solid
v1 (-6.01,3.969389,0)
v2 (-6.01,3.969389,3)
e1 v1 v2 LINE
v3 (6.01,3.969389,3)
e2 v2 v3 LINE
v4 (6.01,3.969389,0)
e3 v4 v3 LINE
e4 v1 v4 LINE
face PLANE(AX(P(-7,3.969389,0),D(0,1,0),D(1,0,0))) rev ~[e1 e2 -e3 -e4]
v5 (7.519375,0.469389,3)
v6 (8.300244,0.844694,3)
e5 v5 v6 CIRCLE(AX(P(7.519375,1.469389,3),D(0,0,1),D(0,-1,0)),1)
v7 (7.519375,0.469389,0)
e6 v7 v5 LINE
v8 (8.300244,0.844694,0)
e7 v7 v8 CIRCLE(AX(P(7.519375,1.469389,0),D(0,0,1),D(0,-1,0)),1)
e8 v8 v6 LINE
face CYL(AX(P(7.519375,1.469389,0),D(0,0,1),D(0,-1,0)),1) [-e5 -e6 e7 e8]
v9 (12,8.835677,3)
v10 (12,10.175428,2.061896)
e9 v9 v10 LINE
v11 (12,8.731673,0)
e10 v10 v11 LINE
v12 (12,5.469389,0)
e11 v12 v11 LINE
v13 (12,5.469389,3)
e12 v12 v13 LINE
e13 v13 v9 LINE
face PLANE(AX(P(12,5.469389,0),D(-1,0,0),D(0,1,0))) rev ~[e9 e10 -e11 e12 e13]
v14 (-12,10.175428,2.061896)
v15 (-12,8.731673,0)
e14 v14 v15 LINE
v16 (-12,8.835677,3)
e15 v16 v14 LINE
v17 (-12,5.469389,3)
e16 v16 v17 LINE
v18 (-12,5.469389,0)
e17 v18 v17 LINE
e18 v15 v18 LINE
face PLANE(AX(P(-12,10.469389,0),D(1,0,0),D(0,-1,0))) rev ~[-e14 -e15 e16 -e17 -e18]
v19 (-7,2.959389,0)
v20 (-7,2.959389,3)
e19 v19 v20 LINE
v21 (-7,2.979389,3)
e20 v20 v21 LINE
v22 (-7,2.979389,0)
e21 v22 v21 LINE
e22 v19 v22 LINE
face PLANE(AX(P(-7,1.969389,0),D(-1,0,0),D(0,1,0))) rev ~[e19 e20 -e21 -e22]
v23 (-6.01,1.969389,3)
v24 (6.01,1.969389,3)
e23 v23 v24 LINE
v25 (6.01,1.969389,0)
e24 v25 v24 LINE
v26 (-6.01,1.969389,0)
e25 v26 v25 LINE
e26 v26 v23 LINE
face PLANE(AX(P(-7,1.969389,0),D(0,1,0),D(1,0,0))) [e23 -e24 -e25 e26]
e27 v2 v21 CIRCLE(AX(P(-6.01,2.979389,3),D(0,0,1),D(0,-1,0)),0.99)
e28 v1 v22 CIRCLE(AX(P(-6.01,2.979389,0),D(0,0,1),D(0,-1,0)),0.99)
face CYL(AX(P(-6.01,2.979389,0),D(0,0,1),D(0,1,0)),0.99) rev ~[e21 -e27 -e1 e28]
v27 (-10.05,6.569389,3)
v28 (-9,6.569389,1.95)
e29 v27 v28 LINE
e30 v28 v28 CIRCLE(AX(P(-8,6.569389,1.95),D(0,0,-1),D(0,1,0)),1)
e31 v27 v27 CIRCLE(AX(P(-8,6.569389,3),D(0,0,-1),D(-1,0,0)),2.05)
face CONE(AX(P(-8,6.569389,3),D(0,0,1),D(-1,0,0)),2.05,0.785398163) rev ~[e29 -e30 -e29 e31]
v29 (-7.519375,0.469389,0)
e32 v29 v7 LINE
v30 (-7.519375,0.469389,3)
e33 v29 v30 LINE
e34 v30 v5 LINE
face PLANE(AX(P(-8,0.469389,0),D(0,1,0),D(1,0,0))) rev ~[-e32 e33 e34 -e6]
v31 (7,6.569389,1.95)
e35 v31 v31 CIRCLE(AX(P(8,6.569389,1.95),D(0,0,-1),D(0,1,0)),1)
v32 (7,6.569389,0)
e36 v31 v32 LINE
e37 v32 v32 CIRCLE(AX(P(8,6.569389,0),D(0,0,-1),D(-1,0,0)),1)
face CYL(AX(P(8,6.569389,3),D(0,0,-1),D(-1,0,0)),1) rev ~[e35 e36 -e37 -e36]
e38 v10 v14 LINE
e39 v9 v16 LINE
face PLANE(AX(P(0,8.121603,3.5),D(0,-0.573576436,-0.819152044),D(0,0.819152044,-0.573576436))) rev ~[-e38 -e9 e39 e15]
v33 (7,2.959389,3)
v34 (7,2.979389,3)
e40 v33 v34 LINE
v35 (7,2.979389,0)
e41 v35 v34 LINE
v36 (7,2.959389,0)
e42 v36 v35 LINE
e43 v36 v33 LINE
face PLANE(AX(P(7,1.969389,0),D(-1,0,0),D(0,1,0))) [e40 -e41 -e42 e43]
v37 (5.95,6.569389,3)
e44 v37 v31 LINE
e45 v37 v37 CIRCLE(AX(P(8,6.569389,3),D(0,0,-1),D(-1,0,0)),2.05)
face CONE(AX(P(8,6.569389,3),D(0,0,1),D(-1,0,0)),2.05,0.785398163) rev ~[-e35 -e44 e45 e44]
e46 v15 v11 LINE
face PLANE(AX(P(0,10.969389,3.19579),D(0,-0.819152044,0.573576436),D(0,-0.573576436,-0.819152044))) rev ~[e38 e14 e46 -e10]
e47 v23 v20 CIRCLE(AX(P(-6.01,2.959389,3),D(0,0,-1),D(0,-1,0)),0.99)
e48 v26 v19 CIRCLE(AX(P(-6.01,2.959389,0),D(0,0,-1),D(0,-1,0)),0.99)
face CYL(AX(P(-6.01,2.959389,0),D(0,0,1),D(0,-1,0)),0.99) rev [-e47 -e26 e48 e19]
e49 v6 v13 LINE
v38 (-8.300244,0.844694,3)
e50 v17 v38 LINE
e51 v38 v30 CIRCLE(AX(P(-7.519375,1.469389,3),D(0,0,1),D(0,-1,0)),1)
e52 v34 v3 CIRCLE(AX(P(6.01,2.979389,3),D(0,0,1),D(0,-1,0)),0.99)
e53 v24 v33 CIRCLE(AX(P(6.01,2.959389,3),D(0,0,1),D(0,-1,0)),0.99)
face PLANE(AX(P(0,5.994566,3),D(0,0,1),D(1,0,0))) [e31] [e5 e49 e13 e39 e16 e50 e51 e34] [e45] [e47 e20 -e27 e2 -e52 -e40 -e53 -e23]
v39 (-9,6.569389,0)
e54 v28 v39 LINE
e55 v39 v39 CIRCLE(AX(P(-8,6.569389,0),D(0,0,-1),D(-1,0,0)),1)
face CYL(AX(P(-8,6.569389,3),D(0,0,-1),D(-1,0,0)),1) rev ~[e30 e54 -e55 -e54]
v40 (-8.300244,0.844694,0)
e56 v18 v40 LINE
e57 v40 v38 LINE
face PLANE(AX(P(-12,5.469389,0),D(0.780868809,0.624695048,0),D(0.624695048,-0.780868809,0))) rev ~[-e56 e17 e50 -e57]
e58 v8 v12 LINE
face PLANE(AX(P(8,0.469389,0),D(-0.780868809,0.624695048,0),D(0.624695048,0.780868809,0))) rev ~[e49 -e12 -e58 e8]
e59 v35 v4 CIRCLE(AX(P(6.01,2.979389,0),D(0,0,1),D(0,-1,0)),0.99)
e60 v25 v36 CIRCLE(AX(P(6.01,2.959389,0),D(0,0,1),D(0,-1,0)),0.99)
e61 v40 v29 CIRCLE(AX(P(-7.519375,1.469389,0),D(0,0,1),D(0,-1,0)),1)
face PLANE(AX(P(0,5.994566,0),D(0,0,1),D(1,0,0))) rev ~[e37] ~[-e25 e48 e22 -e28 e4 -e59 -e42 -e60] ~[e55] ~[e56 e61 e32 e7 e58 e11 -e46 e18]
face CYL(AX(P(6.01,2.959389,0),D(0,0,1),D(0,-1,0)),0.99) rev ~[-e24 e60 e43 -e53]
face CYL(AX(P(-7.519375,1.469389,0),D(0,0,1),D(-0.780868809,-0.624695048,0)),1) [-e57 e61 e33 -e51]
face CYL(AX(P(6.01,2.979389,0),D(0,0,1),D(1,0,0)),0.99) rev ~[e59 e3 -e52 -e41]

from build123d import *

# Parameters (mm, degrees)
F0_W            = 14
F0_H            = 2
F1_DEPTH        = 3
F2_R            = 0.99
F4_DEPTH        = 25
F4_DEPTH_BACK   = 25
F5_R            = 1
F7_DEPTH        = 25
F7_DEPTH_BACK   = 25
F10_D           = 2
F10_DEPTH       = 4
F10_CSINK_D     = 4.1
F10_CSINK_ANGLE = 90
F10_TIP         = 0.600860619


with BuildPart() as f1:
    # F0 (on Top) → F1 (new body)
    with BuildSketch(Plane.XY):
        Polygon((8, 0.4693894553), (12, 5.4693894553), (12, 10.4693894553), (-12, 10.4693894553), (-12, 5.4693894553), (-8, 0.4693894553), align=None)
        with Locations((0, 2.9693894553)):
            Rectangle(F0_W, F0_H, mode=Mode.SUBTRACT)
    extrude(amount=F1_DEPTH)

    # F2
    f2_edges = [f1.edges().sort_by_distance(p)[0] for p in [
        (-7, 3.969389, 1.5),
        (-7, 1.969389, 1.5),
        (7, 3.969389, 1.5),
        (7, 1.969389, 1.5),
    ]]
    fillet(f2_edges, radius=F2_R)

    # F3 (on Right) → F4 (cut, two sides)
    with BuildSketch(Plane.YZ) as f4_sk:
        Polygon((10.9693894553, -0.8042101245), (10.9693894553, 3.1957898755), (8.1685593025, -0.8042101245), align=None)
    extrude(amount=-F4_DEPTH, mode=Mode.SUBTRACT)
    extrude(f4_sk.sketch, amount=F4_DEPTH_BACK, mode=Mode.SUBTRACT)

    # F5
    f5_edges = [f1.edges().sort_by_distance(p)[0] for p in [
        (8, 0.469389, 1.5),
        (-8, 0.469389, 1.5),
    ]]
    fillet(f5_edges, radius=F5_R)

    # F6 (on Right) → F7 (cut, two sides)
    with BuildSketch(Plane.YZ) as f7_sk:
        Polygon((12.1216029626, 3.5), (8.1216029626, 3.5), (12.1216029626, 0.6991698472), align=None)
    extrude(amount=F7_DEPTH, mode=Mode.SUBTRACT)
    extrude(f7_sk.sketch, amount=-F7_DEPTH_BACK, mode=Mode.SUBTRACT)

    # F10
    with Locations(Plane.XY.offset(3)):
        with Locations((-8, 6.5693894553), (8, 6.5693894553)):
            CounterSinkHole(F10_D / 2, F10_CSINK_D / 2, depth=F10_DEPTH, counter_sink_angle=F10_CSINK_ANGLE)
            with Locations((0, 0, -(F10_DEPTH + F10_TIP / 2))):  # 118° drill point
                Cone(0, F10_D / 2, F10_TIP, mode=Mode.SUBTRACT)


solid = f1.part
